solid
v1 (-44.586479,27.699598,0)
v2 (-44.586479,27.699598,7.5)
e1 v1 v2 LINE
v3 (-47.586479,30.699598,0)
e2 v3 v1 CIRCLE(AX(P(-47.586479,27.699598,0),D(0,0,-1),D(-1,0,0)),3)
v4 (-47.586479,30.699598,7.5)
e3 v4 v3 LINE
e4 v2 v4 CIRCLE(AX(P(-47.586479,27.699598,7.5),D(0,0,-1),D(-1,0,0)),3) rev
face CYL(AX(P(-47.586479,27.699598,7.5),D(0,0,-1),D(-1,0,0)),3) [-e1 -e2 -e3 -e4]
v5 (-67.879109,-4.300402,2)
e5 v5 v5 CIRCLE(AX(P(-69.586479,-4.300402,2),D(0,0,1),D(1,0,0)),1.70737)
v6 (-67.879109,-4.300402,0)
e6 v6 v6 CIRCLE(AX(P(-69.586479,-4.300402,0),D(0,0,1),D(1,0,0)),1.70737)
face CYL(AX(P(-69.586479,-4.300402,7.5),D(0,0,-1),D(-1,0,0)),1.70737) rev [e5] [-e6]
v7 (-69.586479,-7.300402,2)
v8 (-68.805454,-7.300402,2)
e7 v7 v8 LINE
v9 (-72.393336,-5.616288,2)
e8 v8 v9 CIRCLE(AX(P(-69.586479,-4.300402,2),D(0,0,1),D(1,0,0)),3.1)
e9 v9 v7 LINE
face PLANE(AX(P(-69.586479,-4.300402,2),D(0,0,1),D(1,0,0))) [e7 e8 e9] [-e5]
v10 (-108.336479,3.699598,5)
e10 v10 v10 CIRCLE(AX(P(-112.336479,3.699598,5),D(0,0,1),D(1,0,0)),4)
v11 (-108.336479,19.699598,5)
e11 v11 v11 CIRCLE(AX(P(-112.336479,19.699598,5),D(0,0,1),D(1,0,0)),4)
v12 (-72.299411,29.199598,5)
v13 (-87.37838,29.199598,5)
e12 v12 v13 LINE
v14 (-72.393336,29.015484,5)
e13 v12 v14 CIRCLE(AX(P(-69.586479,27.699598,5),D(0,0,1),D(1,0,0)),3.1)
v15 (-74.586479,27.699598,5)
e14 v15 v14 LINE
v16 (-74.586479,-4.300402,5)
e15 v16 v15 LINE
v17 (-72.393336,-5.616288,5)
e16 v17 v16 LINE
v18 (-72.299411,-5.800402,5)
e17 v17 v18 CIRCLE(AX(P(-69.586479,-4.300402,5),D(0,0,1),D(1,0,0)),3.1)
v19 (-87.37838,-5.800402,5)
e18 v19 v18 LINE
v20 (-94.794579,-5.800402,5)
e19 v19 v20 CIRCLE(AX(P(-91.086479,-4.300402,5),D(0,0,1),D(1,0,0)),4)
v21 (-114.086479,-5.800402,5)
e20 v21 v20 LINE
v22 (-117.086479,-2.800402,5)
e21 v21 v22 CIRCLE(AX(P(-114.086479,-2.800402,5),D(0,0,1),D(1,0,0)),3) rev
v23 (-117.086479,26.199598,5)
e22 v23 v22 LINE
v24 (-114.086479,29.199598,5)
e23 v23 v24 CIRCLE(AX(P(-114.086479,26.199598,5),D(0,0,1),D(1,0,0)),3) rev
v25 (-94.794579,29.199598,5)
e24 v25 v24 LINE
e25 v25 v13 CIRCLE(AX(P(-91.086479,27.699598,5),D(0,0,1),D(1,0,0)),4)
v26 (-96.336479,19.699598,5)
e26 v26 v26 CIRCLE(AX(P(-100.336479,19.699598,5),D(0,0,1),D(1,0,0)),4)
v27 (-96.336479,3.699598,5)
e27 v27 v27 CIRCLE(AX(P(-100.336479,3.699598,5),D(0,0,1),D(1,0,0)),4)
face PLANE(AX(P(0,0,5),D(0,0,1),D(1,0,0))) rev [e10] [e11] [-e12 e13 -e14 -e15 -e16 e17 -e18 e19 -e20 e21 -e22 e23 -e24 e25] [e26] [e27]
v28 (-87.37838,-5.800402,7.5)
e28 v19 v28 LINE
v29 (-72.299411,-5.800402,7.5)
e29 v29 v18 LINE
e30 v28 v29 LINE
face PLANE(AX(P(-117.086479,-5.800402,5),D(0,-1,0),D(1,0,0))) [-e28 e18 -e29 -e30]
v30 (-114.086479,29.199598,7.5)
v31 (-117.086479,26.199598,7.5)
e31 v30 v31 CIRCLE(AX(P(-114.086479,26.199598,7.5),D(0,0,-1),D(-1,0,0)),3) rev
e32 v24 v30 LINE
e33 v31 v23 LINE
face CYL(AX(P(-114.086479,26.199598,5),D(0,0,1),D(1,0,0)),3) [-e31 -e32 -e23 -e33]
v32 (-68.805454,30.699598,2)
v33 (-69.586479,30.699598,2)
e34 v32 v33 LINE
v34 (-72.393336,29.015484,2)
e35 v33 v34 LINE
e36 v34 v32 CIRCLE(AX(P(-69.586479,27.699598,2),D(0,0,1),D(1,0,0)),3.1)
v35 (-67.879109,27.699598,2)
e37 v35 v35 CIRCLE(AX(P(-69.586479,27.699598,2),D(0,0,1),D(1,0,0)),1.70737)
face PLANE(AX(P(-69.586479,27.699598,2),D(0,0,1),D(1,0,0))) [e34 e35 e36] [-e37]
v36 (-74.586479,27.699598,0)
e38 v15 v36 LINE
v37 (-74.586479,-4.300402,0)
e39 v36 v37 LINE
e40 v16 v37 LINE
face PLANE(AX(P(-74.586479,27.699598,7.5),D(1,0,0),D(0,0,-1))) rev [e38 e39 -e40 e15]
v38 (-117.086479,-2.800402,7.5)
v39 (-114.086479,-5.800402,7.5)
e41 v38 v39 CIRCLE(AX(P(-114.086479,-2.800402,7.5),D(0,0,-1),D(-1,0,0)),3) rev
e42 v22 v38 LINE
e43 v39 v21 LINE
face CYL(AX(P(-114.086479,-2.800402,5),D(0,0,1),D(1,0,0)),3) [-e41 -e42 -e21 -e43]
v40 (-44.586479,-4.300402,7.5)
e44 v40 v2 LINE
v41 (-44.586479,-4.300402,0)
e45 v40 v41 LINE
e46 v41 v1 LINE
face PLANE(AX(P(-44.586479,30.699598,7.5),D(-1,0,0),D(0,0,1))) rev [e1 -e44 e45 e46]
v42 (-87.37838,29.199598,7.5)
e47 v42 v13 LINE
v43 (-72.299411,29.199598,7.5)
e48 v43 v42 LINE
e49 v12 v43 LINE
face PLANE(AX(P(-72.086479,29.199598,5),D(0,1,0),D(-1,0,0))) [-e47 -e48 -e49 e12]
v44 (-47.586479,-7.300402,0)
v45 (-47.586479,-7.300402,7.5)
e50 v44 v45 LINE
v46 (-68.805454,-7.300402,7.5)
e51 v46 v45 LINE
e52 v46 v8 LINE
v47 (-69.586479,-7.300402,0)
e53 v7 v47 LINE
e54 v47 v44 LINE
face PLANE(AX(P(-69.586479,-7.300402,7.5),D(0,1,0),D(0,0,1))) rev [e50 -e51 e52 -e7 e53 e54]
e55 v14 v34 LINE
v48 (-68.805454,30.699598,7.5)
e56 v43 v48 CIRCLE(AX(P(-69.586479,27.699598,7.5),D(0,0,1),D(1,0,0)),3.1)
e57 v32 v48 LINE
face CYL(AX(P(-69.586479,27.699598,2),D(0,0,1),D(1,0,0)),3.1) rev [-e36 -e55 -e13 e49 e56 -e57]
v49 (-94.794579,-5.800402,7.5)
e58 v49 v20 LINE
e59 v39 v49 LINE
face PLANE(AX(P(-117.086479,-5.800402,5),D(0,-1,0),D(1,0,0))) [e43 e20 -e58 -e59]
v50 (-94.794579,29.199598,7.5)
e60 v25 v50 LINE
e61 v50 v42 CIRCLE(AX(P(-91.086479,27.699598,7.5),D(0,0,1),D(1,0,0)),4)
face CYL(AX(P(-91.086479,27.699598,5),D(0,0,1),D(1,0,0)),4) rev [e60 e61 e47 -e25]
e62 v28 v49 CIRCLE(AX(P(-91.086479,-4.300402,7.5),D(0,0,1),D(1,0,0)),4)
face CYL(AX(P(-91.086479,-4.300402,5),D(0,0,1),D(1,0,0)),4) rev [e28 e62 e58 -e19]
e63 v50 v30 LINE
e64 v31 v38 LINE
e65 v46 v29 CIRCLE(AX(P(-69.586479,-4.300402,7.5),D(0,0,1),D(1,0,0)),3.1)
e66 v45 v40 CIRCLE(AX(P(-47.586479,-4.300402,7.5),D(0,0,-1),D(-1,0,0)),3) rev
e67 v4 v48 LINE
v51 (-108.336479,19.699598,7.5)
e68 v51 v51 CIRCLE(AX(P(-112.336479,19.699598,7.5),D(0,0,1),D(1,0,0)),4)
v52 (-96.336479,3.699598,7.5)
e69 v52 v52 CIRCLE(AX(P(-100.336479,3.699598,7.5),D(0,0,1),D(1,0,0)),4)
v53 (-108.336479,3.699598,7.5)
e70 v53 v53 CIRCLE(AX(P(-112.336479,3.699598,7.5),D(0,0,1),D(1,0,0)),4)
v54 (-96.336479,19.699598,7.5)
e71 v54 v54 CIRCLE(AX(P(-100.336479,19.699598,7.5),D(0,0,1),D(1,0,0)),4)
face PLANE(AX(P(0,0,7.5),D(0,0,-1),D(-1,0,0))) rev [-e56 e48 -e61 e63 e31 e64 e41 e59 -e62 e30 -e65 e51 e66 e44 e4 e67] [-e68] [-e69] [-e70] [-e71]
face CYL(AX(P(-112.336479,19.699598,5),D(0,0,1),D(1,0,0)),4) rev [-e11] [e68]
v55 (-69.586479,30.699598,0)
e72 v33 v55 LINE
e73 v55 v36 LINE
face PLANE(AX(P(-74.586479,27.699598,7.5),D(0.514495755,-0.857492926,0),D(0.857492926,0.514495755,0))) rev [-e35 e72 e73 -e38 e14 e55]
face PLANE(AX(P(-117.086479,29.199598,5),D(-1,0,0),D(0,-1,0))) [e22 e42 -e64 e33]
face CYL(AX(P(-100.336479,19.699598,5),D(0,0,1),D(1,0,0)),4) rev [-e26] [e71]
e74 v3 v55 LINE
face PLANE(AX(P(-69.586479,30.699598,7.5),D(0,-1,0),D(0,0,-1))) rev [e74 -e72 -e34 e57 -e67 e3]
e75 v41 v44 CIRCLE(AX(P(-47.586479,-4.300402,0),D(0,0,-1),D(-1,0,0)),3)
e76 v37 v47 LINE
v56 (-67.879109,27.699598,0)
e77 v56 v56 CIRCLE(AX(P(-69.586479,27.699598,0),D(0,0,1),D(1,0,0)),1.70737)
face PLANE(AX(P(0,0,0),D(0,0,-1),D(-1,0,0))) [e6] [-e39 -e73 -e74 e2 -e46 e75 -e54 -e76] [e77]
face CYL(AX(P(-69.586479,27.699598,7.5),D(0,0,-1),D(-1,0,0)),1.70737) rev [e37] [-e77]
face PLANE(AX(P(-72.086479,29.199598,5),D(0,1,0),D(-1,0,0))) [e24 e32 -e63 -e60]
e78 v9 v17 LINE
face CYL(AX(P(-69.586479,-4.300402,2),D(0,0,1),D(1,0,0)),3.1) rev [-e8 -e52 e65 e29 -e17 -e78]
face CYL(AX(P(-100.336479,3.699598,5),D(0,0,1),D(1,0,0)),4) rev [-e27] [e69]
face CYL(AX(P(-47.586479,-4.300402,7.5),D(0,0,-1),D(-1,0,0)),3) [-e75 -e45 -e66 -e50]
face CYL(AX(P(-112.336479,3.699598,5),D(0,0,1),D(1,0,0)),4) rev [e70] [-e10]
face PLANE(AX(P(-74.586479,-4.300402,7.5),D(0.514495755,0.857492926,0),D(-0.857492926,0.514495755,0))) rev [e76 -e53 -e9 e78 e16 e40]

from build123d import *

# Parameters (mm, degrees)
CROQUIS1_R              = 1.707370132
SALIENTE_EXTRUIR1_DEPTH = 7.5
SALIENTE_EXTRUIR2_DEPTH = 2.5
CROQUIS5_R              = 4
CROQUIS5_R_2            = 3.5
CORTAR_EXTRUIR1_DEPTH   = 2.5
REDONDEO1_R             = 3
CROQUIS6_R              = 3.1
CORTAR_EXTRUIR2_DEPTH   = 5.5


with BuildPart() as part:
    # Croquis1 → Saliente-Extruir1 (new body)
    with BuildSketch(Plane.XY):
        Polygon((-69.586479396, 30.699597615), (-44.586479396, 30.699597615), (-44.586479396, -7.300402385), (-69.586479396, -7.300402385), (-74.586479396, -4.300402385), (-74.586479396, 27.699597615), align=None)
        with Locations((-69.586479396, 27.699597615)):
            Circle(CROQUIS1_R, mode=Mode.SUBTRACT)
        with Locations((-69.586479396, -4.300402385)):
            Circle(CROQUIS1_R, mode=Mode.SUBTRACT)
    extrude(amount=SALIENTE_EXTRUIR1_DEPTH)

    # Croquis4 → Saliente-Extruir2 (add)
    with BuildSketch(Plane.XY.offset(7.5)):
        Polygon((-72.086479396, 29.199597615), (-117.086479396, 29.199597615), (-117.086479396, -5.800402385), (-72.086479396, -5.800402385), (-74.586479396, -4.300402385), (-74.586479396, 27.699597615), align=None)
    extrude(amount=-SALIENTE_EXTRUIR2_DEPTH)

    # Croquis5 → Cortar-Extruir1 (cut)
    with BuildSketch(Plane.XY.offset(7.5)):
        with Locations((-91.086479396, -4.300402385)):
            Circle(CROQUIS5_R)
        with Locations((-91.086479396, 27.699597615)):
            Circle(CROQUIS5_R)
        with Locations((-121.586479396, -4.300402385)):
            Circle(CROQUIS5_R_2)
        with Locations((-121.586479396, 27.699597615)):
            Circle(CROQUIS5_R_2)
        with Locations((-100.336479396, 19.699597615)):
            Circle(CROQUIS5_R)
        with Locations((-112.336479396, 19.699597615)):
            Circle(CROQUIS5_R)
        with Locations((-112.336479396, 3.699597615)):
            Circle(CROQUIS5_R)
        with Locations((-100.336479396, 3.699597615)):
            Circle(CROQUIS5_R)
    extrude(amount=-CORTAR_EXTRUIR1_DEPTH, mode=Mode.SUBTRACT)

    # Redondeo1
    redondeo1_edges = [part.edges().sort_by_distance(p)[0] for p in [
        (-44.586479396, 30.699597615, 3.75),
        (-44.586479396, -7.300402385, 3.75),
        (-117.086479396, -5.800402385, 6.25),
        (-117.086479396, 29.199597615, 6.25),
    ]]
    fillet(redondeo1_edges, radius=REDONDEO1_R)

    # Croquis6 → Cortar-Extruir2 (cut)
    with BuildSketch(Plane.XY.offset(7.5)):
        with Locations((-69.586479396, 27.699597615)):
            Circle(CROQUIS6_R)
        with Locations((-69.586479396, -4.300402385)):
            Circle(CROQUIS6_R)
    extrude(amount=-CORTAR_EXTRUIR2_DEPTH, mode=Mode.SUBTRACT)


solid = part.part
